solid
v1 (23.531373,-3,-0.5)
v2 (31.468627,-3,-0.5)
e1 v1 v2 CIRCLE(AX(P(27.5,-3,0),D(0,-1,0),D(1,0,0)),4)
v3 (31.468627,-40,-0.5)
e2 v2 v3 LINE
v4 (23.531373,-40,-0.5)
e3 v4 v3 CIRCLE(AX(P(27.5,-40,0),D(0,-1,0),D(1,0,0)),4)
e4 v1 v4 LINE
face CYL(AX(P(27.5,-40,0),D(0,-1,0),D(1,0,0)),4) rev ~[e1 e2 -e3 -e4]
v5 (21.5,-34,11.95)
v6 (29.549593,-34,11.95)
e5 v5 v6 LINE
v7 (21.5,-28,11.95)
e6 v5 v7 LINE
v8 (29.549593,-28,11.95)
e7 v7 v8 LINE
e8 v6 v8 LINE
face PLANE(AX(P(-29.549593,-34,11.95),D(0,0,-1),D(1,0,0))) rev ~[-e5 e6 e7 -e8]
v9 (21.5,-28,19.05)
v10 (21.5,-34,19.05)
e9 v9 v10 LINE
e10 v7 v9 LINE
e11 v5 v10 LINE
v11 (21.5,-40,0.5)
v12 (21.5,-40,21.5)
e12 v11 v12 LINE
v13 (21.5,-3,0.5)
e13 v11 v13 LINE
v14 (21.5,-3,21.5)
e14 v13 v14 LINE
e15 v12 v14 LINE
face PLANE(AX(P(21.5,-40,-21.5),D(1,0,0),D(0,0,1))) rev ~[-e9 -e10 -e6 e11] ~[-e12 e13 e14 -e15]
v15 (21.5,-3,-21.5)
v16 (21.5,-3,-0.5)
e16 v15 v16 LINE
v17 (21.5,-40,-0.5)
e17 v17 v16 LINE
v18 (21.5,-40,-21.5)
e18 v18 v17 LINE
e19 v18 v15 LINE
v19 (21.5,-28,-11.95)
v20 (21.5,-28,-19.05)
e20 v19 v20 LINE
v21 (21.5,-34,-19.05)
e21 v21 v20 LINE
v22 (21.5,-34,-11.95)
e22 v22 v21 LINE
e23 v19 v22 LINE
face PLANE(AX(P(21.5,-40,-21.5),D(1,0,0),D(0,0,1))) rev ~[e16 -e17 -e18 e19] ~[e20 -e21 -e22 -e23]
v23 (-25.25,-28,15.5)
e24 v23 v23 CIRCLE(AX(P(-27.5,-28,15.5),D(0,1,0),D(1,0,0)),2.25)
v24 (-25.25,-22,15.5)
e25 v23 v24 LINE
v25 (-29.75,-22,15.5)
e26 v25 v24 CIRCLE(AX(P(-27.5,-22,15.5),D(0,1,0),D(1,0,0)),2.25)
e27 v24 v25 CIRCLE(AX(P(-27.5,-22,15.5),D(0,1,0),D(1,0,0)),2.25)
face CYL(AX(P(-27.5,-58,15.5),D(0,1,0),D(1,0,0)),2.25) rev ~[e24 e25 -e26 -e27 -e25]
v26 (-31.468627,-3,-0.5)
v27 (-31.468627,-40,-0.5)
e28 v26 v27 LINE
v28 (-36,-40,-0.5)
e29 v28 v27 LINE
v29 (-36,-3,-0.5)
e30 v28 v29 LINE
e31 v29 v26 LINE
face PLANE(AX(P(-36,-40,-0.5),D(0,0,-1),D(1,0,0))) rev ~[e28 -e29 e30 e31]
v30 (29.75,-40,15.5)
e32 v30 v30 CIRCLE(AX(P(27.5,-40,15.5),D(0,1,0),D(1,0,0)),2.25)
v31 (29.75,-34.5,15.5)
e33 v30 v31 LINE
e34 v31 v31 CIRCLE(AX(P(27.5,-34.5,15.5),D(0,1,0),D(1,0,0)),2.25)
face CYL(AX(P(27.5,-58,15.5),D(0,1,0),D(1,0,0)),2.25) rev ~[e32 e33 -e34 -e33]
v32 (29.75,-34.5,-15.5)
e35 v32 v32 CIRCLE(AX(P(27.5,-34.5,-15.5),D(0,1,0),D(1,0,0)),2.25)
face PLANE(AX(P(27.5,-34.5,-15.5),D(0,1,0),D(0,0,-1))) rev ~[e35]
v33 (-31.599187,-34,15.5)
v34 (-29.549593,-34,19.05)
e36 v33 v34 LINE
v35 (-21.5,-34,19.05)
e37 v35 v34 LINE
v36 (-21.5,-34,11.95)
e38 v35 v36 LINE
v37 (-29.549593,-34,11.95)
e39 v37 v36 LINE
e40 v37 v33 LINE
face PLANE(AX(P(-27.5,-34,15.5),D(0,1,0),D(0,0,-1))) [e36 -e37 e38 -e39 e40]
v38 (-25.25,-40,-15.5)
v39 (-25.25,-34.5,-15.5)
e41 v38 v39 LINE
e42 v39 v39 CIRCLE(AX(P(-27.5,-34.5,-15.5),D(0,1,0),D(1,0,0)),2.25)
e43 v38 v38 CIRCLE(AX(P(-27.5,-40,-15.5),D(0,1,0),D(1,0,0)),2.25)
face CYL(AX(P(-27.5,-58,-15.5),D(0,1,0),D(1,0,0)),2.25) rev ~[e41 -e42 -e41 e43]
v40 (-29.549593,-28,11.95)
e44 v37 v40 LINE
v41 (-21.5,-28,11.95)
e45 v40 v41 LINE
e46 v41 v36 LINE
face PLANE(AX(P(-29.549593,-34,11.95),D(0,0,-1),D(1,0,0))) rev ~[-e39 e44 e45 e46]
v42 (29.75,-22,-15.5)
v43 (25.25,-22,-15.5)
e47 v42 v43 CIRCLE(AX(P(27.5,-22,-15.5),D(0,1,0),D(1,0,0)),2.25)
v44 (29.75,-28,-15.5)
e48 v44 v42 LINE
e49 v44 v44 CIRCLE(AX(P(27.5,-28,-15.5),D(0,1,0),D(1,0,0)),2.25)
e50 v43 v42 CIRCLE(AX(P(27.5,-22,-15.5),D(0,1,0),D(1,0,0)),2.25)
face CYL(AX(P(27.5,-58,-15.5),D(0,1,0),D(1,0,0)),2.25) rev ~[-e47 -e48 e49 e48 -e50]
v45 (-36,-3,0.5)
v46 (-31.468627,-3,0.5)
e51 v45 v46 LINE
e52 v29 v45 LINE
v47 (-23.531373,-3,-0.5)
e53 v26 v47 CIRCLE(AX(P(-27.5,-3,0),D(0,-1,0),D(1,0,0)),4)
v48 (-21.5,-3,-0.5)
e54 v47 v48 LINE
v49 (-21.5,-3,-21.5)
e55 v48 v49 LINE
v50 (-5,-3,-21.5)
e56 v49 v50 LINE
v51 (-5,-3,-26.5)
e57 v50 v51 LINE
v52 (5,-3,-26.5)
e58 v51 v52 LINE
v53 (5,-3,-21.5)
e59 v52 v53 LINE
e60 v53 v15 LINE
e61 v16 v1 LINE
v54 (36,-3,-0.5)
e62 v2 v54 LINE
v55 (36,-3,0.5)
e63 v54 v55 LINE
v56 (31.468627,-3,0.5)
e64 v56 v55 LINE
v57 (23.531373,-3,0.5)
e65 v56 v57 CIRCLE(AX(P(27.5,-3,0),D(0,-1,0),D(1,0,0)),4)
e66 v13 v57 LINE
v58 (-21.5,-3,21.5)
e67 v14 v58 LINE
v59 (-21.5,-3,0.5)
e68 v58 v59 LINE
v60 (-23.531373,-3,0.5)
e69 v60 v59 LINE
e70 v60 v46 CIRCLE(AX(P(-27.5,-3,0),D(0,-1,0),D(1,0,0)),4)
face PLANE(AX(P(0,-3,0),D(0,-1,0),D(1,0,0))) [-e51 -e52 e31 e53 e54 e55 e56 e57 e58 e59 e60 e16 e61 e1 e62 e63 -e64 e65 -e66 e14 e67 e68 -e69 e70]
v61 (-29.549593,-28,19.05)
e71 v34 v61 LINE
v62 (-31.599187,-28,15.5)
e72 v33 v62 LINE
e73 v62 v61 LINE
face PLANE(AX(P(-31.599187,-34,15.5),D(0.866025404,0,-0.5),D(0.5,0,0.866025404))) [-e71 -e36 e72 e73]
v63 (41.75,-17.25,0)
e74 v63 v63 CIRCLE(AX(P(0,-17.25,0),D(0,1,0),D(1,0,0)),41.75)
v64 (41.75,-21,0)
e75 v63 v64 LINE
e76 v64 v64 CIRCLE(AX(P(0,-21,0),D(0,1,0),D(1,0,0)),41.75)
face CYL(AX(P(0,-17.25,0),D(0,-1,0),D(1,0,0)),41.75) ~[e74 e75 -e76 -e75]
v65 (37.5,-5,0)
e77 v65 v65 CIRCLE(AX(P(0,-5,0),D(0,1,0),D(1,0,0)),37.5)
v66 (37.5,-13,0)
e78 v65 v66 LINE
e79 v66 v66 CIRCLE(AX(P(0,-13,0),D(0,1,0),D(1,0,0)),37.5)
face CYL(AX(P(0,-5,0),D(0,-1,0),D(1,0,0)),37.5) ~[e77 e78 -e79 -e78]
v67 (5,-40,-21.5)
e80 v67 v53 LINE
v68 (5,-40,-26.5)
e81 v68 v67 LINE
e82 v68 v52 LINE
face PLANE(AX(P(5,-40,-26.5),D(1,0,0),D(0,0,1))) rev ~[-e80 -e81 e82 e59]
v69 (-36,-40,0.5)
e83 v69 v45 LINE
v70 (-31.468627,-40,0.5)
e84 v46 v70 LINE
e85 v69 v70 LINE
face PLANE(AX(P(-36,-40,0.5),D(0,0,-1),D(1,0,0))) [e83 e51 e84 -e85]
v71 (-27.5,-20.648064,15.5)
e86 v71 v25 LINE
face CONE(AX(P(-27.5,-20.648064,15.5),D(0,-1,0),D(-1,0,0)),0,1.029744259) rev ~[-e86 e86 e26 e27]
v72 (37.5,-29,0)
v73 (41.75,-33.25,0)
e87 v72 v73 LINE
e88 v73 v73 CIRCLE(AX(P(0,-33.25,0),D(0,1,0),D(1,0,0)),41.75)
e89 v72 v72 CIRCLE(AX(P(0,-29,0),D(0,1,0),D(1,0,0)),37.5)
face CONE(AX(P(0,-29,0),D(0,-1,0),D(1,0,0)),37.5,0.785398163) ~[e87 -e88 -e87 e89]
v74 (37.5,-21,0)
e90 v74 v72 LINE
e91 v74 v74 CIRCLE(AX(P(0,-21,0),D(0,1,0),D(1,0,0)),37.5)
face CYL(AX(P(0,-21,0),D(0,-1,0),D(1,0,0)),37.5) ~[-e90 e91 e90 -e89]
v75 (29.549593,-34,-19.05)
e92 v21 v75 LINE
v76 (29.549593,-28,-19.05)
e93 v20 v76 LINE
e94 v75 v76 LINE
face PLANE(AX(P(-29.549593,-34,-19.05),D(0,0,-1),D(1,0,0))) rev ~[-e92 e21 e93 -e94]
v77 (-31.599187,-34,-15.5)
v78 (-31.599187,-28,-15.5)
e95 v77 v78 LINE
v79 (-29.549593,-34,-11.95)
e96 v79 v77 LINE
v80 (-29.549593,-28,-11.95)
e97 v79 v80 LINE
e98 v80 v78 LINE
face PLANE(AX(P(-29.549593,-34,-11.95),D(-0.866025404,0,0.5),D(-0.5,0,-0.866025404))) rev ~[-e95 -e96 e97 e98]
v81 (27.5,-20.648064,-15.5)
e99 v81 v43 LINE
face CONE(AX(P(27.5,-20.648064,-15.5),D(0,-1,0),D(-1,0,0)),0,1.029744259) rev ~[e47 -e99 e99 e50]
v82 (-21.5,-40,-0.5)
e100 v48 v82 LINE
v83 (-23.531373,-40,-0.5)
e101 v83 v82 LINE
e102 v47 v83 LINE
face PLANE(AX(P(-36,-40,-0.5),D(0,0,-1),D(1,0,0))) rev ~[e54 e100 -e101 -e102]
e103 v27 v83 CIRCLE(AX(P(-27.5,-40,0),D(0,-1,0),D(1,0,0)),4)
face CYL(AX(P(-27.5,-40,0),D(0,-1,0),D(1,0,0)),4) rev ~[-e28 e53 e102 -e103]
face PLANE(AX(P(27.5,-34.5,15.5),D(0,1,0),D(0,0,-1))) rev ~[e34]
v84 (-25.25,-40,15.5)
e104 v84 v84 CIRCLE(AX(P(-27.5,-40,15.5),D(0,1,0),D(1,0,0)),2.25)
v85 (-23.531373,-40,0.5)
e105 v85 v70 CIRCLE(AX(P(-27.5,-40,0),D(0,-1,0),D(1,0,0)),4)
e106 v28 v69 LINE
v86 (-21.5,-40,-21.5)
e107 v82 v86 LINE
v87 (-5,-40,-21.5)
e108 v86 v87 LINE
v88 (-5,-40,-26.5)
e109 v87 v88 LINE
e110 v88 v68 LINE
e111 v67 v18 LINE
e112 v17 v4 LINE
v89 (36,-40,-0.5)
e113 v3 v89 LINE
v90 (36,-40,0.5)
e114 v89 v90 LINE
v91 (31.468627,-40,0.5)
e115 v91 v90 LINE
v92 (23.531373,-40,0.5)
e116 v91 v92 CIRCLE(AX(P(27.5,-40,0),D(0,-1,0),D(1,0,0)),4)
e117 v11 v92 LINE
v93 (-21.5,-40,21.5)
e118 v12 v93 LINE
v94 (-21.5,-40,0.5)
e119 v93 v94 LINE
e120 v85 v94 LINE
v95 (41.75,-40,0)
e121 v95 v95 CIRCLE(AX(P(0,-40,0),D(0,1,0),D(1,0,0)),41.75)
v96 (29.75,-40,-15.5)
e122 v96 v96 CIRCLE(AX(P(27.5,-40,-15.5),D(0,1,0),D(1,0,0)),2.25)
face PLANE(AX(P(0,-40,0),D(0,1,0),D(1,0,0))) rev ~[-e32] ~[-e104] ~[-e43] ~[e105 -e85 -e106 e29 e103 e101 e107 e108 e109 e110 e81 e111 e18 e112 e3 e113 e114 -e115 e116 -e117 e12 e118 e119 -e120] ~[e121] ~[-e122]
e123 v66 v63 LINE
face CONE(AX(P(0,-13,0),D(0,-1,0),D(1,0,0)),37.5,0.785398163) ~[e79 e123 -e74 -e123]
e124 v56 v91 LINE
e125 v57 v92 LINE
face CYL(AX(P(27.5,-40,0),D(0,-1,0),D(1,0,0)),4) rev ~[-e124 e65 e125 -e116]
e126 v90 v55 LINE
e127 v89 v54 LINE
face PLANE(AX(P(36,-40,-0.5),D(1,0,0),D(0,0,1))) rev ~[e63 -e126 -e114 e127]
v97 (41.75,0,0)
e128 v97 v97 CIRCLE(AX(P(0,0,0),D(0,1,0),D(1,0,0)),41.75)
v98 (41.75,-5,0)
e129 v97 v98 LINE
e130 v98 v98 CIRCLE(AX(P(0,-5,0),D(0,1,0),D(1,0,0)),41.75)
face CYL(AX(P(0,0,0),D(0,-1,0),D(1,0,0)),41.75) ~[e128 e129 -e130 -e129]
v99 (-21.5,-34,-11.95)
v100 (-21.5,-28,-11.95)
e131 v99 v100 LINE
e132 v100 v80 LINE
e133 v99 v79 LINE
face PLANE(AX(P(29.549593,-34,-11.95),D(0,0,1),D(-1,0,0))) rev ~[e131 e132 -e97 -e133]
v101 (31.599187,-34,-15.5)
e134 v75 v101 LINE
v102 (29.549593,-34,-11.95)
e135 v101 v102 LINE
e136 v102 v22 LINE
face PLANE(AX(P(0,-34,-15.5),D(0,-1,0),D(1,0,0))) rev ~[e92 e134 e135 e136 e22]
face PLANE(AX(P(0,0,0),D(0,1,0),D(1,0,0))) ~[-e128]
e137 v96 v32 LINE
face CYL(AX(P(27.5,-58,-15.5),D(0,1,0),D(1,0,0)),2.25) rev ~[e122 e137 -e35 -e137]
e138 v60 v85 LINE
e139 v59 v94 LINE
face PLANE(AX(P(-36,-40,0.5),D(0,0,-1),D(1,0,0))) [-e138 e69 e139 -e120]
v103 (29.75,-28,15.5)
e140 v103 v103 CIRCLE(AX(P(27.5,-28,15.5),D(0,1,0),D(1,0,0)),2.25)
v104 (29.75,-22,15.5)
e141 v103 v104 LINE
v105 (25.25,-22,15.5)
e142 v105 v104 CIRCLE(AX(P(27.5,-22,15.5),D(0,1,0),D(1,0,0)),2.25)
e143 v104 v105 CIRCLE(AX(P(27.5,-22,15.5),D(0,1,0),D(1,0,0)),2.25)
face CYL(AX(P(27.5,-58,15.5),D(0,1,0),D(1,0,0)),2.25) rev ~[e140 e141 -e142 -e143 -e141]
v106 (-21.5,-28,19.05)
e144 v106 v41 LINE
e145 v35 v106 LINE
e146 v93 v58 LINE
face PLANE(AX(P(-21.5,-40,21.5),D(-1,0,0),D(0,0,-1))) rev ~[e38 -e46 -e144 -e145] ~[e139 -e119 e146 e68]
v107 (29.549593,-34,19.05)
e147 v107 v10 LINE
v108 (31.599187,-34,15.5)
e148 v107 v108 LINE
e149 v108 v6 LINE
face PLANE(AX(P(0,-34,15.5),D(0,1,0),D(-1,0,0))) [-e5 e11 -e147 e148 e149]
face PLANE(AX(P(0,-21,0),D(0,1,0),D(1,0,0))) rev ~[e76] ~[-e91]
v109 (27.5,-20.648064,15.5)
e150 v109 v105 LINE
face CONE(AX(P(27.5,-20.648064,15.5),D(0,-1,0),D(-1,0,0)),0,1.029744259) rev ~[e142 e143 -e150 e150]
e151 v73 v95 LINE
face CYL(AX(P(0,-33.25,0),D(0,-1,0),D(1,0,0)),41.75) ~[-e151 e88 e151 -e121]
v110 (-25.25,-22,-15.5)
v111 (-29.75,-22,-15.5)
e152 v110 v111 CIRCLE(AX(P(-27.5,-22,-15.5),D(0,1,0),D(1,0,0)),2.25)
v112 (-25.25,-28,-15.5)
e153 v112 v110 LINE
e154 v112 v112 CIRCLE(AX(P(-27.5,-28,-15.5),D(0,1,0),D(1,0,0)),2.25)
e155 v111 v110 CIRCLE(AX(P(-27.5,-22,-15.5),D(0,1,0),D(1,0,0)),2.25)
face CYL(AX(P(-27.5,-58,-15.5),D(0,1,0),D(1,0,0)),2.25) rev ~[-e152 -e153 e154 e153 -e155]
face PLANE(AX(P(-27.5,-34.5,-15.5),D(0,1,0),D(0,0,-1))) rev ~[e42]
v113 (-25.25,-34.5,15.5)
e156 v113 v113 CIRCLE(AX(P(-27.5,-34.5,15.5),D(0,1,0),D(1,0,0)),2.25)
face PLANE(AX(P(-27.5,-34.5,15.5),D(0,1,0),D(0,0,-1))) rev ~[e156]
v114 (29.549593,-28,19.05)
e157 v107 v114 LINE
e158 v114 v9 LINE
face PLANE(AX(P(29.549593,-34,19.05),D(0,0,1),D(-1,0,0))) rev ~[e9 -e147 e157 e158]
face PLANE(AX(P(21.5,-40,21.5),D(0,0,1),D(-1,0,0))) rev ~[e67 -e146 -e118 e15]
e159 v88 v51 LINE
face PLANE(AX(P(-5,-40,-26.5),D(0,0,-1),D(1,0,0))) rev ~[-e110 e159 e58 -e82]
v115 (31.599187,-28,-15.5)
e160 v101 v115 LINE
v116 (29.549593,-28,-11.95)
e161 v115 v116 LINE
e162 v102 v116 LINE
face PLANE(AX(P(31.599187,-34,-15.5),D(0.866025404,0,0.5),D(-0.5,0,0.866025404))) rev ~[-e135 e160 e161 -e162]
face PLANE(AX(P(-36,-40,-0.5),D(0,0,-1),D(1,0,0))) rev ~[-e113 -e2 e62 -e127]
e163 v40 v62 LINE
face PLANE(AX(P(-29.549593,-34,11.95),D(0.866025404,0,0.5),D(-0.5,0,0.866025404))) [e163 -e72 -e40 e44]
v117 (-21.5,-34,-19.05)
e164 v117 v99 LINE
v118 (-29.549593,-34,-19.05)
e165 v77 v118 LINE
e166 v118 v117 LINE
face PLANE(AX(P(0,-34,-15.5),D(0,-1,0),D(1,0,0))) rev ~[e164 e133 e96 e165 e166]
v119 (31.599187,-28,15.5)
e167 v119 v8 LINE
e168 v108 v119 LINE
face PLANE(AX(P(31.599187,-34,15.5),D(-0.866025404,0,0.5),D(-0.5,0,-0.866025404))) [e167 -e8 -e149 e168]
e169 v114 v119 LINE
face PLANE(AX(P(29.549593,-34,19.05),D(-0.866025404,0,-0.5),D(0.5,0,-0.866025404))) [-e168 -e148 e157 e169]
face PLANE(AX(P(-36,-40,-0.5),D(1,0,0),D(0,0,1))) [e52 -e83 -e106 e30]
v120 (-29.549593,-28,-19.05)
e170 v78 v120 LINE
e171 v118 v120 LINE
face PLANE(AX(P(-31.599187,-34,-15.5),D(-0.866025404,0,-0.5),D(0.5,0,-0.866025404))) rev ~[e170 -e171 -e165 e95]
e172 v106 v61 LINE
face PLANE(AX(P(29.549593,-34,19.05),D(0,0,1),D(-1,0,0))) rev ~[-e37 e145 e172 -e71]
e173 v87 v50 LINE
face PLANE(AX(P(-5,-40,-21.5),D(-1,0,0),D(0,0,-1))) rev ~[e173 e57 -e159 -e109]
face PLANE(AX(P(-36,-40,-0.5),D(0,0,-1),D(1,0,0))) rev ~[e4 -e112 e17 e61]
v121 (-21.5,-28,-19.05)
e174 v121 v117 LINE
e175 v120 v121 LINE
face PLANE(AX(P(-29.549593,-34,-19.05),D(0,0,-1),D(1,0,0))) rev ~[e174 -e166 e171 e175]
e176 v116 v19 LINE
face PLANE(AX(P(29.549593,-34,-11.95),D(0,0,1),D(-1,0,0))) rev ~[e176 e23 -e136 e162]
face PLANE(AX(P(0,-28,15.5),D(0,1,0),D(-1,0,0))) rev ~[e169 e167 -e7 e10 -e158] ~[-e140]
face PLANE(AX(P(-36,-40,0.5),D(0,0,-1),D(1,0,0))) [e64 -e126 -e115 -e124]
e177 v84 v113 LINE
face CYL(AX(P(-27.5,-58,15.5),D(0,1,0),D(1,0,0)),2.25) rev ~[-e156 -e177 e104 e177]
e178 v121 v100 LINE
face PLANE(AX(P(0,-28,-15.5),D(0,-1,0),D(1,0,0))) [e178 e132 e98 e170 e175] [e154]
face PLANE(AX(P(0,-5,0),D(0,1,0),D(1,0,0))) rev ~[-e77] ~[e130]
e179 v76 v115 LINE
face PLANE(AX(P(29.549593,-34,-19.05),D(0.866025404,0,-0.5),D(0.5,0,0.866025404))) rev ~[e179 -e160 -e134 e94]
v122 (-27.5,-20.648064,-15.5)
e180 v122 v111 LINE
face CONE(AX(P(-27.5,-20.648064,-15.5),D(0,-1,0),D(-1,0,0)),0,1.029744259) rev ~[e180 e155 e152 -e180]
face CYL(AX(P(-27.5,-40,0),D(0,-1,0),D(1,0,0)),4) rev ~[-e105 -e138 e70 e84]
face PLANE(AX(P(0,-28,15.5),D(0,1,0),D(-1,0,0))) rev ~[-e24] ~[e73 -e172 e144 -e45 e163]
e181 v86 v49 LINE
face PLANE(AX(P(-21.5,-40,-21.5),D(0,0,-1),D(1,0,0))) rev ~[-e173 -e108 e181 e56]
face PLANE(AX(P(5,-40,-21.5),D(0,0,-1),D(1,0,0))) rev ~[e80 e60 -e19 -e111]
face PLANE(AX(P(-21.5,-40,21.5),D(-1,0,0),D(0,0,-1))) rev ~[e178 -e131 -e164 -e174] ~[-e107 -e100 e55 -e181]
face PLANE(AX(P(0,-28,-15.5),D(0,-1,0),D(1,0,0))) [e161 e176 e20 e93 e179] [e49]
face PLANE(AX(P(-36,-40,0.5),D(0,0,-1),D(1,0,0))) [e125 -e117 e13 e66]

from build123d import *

# Parameters (mm, degrees)
CUT_EXTRUDE1_DEPTH       = 37
SKETCH3_R                = 4
CUT_EXTRUDE2_DEPTH       = 37
SKETCH4_W                = 72
SKETCH4_H                = 1
CUT_EXTRUDE3_DEPTH       = 37
M4_CLEARANCE_HOLE1_D     = 4.5
M4_CLEARANCE_HOLE1_DEPTH = 18
M4_CLEARANCE_HOLE1_TIP   = 1.351936393
CUT_EXTRUDE4_START       = -6
CUT_EXTRUDE4_DEPTH       = 6
SKETCH8_R                = 2.25
BOSS_EXTRUDE1_DEPTH      = 0.5


with BuildPart() as part:
    # Sketch1 → Revolve1 (revolve)
    with BuildSketch(Plane.XY, mode=Mode.PRIVATE) as revolve1_sk:
        Polygon((0, 0), (-41.75, 0), (-41.75, -5), (-37.5, -5), (-37.5, -13), (-41.75, -17.25), (-41.75, -21), (-37.5, -21), (-37.5, -29), (-41.75, -33.25), (-41.75, -40), (0, -40), align=None)
    revolve(revolve1_sk.sketch.rotate(Axis((0, -40, 0), (0, 1, 0)), 180), axis=Axis((0, -40, 0), (0, 1, 0)))

    # Sketch2 → Cut-Extrude1 (cut)
    with BuildSketch(Plane(origin=(0, -40, 0), x_dir=(1, 0, 0), z_dir=(0, 1, 0))):
        Polygon((-21.5, 21.5), (-5, 21.5), (-5, 26.5), (5, 26.5), (5, 21.5), (21.5, 21.5), (21.5, -21.5), (-21.5, -21.5), align=None)
    extrude(amount=CUT_EXTRUDE1_DEPTH, mode=Mode.SUBTRACT)

    # Sketch3 → Cut-Extrude2 (cut)
    with BuildSketch(Plane.XZ.offset(40)):
        with Locations((-27.5, 0)):
            Circle(SKETCH3_R)
        with Locations((27.5, 0)):
            Circle(SKETCH3_R)
    extrude(amount=-CUT_EXTRUDE2_DEPTH, mode=Mode.SUBTRACT)

    # Sketch4 → Cut-Extrude3 (cut)
    with BuildSketch(Plane.XZ.offset(40)):
        Rectangle(SKETCH4_W, SKETCH4_H)
    extrude(amount=-CUT_EXTRUDE3_DEPTH, mode=Mode.SUBTRACT)

    # M4 Clearance Hole1
    with Locations(Plane(origin=(0, -40, 0), x_dir=(-1, 0, 0), z_dir=(0, -1, 0))):
        with Locations((27.5, -15.5), (-27.5, -15.5), (-27.5, 15.5), (27.5, 15.5)):
            Hole(M4_CLEARANCE_HOLE1_D / 2, depth=M4_CLEARANCE_HOLE1_DEPTH)
            with Locations((0, 0, -(M4_CLEARANCE_HOLE1_DEPTH + M4_CLEARANCE_HOLE1_TIP / 2))):  # 118° drill point
                Cone(0, M4_CLEARANCE_HOLE1_D / 2, M4_CLEARANCE_HOLE1_TIP, mode=Mode.SUBTRACT)

    # Sketch7 → Cut-Extrude4 (cut)
    with BuildSketch(Plane.XZ.offset(40).offset(CUT_EXTRUDE4_START)):
        Polygon((-25.450406544, 19.05), (25.450406544, 19.05), (29.549593456, 19.05), (31.599186911, 15.5), (29.549593456, 11.95), (25.450406544, 11.95), (-25.450406544, 11.95), (-29.549593456, 11.95), (-31.599186911, 15.5), (-29.549593456, 19.05), align=None)
        Polygon((25.450406544, -11.95), (-25.450406544, -11.95), (-29.549593456, -11.95), (-31.599186911, -15.5), (-29.549593456, -19.05), (-25.450406544, -19.05), (25.450406544, -19.05), (29.549593456, -19.05), (31.599186911, -15.5), (29.549593456, -11.95), align=None)
    extrude(amount=-CUT_EXTRUDE4_DEPTH, mode=Mode.SUBTRACT)

    # Sketch8 → Boss-Extrude1 (add)
    with BuildSketch(Plane(origin=(0, -34, 0), x_dir=(1, 0, 0), z_dir=(0, 1, 0))):
        with Locations(Location((-27.5, -15.5, 0), (0, 0, 90))):
            Circle(SKETCH8_R)
        with Locations(Location((-27.5, 15.5, 0), (0, 0, 90))):
            Circle(SKETCH8_R)
        with Locations(Location((27.5, 15.5, 0), (0, 0, 90))):
            Circle(SKETCH8_R)
        with Locations(Location((27.5, -15.5, 0), (0, 0, 90))):
            Circle(SKETCH8_R)
    extrude(amount=-BOSS_EXTRUDE1_DEPTH)


solid = part.part
